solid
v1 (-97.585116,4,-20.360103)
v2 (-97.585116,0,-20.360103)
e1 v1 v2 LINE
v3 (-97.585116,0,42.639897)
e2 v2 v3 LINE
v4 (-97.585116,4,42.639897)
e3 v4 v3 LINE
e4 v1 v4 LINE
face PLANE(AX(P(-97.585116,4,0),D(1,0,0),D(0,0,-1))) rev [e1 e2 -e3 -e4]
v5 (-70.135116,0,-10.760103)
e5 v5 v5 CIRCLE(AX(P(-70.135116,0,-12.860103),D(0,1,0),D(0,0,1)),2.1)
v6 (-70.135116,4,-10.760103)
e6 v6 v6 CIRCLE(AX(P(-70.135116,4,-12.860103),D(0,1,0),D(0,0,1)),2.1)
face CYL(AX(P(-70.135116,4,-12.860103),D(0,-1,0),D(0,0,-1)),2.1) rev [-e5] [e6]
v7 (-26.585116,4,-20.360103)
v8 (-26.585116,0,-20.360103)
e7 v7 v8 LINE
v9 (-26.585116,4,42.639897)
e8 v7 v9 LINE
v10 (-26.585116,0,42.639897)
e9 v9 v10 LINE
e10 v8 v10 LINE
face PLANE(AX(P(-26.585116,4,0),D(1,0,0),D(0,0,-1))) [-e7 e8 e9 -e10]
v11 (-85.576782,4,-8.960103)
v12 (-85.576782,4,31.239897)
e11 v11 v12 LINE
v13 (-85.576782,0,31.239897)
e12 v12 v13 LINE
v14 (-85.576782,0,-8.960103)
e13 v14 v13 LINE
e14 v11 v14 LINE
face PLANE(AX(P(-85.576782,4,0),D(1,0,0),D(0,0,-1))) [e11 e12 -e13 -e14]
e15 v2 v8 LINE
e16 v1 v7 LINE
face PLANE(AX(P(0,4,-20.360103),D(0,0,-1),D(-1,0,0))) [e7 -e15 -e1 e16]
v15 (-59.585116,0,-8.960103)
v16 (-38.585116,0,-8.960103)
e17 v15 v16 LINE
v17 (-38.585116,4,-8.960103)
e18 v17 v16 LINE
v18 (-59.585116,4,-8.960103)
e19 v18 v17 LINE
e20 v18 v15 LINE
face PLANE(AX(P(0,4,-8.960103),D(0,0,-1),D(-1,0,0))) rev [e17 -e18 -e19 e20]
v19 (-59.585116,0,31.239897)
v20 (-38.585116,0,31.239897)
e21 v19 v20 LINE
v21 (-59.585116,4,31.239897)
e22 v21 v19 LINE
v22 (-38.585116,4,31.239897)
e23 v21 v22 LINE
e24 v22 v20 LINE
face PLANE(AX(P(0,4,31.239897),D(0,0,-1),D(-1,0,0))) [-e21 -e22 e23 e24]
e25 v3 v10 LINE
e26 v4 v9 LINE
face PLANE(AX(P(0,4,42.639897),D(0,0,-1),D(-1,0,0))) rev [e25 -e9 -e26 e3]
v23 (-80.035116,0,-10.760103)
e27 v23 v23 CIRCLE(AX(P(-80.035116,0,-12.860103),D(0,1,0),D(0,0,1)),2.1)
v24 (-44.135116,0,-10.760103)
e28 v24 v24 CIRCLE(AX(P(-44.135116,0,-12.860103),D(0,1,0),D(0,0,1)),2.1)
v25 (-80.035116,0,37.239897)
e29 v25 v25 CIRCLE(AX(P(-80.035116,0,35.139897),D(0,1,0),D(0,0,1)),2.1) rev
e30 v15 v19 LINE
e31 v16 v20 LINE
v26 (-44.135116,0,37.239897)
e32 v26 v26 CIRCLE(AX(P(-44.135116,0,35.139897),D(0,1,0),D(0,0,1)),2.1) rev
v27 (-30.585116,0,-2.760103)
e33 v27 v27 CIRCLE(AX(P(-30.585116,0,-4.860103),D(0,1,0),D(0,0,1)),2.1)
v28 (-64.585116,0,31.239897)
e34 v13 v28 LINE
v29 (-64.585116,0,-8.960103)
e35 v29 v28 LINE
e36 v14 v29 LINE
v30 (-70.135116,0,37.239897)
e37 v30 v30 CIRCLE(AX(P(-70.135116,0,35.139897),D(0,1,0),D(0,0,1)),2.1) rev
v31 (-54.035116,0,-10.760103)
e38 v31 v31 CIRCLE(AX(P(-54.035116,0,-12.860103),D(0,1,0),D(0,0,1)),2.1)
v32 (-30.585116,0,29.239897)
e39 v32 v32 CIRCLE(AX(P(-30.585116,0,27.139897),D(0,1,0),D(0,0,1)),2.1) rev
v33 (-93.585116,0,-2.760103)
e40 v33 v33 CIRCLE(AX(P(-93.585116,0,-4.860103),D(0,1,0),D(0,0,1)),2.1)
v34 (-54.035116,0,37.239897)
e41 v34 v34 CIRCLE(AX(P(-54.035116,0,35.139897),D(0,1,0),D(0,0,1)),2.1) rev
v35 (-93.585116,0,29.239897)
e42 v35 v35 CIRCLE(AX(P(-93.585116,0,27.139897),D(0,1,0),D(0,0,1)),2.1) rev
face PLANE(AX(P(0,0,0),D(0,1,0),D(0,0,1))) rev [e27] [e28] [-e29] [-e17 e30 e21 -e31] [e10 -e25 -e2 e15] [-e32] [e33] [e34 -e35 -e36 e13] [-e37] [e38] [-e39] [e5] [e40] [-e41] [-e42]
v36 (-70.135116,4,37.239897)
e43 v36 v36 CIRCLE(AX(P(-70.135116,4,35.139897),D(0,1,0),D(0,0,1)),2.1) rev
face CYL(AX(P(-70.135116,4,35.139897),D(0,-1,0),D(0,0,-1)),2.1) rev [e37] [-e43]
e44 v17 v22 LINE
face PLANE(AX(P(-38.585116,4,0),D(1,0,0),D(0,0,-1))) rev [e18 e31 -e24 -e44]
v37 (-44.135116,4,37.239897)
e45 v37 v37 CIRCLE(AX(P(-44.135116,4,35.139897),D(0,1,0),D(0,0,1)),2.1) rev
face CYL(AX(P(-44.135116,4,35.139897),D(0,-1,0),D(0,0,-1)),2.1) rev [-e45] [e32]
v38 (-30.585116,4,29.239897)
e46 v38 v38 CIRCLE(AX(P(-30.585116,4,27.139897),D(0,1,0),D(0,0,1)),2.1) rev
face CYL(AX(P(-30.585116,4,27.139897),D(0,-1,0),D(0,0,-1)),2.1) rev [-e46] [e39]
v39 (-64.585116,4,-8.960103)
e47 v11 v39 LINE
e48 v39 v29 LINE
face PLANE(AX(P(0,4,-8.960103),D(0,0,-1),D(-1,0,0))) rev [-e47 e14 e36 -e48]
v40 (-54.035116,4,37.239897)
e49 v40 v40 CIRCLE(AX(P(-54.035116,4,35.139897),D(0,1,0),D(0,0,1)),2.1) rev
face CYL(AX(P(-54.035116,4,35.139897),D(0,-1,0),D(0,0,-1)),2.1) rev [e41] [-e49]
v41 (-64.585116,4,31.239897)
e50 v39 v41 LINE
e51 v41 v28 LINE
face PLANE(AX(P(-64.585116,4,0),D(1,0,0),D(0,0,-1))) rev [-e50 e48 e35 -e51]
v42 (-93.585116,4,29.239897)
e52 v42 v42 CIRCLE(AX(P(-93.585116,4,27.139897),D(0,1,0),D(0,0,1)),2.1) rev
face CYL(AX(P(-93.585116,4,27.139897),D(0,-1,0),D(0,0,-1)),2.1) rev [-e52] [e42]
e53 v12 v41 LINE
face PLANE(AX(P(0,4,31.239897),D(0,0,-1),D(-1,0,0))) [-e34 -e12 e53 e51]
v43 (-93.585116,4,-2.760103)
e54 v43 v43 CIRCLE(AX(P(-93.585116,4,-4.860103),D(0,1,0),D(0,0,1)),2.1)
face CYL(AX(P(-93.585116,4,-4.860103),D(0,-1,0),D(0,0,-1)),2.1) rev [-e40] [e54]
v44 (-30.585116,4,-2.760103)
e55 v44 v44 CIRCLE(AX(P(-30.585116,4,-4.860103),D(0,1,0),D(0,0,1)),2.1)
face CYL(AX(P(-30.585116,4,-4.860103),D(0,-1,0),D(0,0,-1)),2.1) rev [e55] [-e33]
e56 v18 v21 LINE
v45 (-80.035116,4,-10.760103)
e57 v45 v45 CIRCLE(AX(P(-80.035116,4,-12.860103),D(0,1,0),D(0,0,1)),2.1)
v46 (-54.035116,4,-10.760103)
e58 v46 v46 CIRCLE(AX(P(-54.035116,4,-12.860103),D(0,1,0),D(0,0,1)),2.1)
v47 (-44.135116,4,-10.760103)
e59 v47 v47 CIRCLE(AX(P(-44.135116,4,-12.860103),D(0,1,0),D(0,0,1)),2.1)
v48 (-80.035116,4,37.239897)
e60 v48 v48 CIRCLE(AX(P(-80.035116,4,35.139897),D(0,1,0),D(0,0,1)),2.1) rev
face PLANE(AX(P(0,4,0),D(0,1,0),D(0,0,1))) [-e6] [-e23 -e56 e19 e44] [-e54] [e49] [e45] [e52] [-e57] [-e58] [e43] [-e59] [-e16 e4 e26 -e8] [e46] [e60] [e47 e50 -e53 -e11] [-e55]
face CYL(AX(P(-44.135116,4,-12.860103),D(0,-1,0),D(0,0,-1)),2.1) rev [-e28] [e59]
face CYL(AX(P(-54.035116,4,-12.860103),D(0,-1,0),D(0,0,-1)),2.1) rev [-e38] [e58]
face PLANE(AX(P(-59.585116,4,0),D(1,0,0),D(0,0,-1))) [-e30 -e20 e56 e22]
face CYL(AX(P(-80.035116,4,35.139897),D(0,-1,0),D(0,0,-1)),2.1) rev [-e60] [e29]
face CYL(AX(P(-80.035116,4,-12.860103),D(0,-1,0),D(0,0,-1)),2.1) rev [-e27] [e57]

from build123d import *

# Parameters (mm, degrees)
SKETCH1_W           = 71
SKETCH1_H           = 63
SKETCH1_R           = 2.1
SKETCH1_W_2         = 20.991665644
SKETCH1_H_2         = 40.2
SKETCH1_W_3         = 21
BOSS_EXTRUDE1_DEPTH = 4


with BuildPart() as part:
    # Sketch1 → Boss-Extrude1 (new body)
    with BuildSketch(Plane(origin=(0, 0, 0), x_dir=(1, 0, 0), z_dir=(0, 1, 0))):
        with Locations((-62.085116344, -11.139897002)):
            Rectangle(SKETCH1_W, SKETCH1_H)
        with Locations((-80.035116344, 12.860102998)):
            Circle(SKETCH1_R, mode=Mode.SUBTRACT)
        with Locations((-70.135116344, 12.860102998)):
            Circle(SKETCH1_R, mode=Mode.SUBTRACT)
        with Locations((-54.035116344, 12.860102998)):
            Circle(SKETCH1_R, mode=Mode.SUBTRACT)
        with Locations((-44.135116344, 12.860102998)):
            Circle(SKETCH1_R, mode=Mode.SUBTRACT)
        with Locations((-30.585116344, 4.860102998)):
            Circle(SKETCH1_R, mode=Mode.SUBTRACT)
        with Locations((-93.585116344, 4.860102998)):
            Circle(SKETCH1_R, mode=Mode.SUBTRACT)
        with Locations((-30.585116344, -27.139897002)):
            Circle(SKETCH1_R, mode=Mode.SUBTRACT)
        with Locations((-44.135116344, -35.139897002)):
            Circle(SKETCH1_R, mode=Mode.SUBTRACT)
        with Locations((-54.035116344, -35.139897002)):
            Circle(SKETCH1_R, mode=Mode.SUBTRACT)
        with Locations((-80.035116344, -35.139897002)):
            Circle(SKETCH1_R, mode=Mode.SUBTRACT)
        with Locations((-70.135116344, -35.139897002)):
            Circle(SKETCH1_R, mode=Mode.SUBTRACT)
        with Locations((-93.585116344, -27.139897002)):
            Circle(SKETCH1_R, mode=Mode.SUBTRACT)
        with Locations((-75.080949166, -11.139897002)):
            Rectangle(SKETCH1_W_2, SKETCH1_H_2, mode=Mode.SUBTRACT)
        with Locations((-49.085116344, -11.139897002)):
            Rectangle(SKETCH1_W_3, SKETCH1_H_2, mode=Mode.SUBTRACT)
    extrude(amount=BOSS_EXTRUDE1_DEPTH)


solid = part.part
